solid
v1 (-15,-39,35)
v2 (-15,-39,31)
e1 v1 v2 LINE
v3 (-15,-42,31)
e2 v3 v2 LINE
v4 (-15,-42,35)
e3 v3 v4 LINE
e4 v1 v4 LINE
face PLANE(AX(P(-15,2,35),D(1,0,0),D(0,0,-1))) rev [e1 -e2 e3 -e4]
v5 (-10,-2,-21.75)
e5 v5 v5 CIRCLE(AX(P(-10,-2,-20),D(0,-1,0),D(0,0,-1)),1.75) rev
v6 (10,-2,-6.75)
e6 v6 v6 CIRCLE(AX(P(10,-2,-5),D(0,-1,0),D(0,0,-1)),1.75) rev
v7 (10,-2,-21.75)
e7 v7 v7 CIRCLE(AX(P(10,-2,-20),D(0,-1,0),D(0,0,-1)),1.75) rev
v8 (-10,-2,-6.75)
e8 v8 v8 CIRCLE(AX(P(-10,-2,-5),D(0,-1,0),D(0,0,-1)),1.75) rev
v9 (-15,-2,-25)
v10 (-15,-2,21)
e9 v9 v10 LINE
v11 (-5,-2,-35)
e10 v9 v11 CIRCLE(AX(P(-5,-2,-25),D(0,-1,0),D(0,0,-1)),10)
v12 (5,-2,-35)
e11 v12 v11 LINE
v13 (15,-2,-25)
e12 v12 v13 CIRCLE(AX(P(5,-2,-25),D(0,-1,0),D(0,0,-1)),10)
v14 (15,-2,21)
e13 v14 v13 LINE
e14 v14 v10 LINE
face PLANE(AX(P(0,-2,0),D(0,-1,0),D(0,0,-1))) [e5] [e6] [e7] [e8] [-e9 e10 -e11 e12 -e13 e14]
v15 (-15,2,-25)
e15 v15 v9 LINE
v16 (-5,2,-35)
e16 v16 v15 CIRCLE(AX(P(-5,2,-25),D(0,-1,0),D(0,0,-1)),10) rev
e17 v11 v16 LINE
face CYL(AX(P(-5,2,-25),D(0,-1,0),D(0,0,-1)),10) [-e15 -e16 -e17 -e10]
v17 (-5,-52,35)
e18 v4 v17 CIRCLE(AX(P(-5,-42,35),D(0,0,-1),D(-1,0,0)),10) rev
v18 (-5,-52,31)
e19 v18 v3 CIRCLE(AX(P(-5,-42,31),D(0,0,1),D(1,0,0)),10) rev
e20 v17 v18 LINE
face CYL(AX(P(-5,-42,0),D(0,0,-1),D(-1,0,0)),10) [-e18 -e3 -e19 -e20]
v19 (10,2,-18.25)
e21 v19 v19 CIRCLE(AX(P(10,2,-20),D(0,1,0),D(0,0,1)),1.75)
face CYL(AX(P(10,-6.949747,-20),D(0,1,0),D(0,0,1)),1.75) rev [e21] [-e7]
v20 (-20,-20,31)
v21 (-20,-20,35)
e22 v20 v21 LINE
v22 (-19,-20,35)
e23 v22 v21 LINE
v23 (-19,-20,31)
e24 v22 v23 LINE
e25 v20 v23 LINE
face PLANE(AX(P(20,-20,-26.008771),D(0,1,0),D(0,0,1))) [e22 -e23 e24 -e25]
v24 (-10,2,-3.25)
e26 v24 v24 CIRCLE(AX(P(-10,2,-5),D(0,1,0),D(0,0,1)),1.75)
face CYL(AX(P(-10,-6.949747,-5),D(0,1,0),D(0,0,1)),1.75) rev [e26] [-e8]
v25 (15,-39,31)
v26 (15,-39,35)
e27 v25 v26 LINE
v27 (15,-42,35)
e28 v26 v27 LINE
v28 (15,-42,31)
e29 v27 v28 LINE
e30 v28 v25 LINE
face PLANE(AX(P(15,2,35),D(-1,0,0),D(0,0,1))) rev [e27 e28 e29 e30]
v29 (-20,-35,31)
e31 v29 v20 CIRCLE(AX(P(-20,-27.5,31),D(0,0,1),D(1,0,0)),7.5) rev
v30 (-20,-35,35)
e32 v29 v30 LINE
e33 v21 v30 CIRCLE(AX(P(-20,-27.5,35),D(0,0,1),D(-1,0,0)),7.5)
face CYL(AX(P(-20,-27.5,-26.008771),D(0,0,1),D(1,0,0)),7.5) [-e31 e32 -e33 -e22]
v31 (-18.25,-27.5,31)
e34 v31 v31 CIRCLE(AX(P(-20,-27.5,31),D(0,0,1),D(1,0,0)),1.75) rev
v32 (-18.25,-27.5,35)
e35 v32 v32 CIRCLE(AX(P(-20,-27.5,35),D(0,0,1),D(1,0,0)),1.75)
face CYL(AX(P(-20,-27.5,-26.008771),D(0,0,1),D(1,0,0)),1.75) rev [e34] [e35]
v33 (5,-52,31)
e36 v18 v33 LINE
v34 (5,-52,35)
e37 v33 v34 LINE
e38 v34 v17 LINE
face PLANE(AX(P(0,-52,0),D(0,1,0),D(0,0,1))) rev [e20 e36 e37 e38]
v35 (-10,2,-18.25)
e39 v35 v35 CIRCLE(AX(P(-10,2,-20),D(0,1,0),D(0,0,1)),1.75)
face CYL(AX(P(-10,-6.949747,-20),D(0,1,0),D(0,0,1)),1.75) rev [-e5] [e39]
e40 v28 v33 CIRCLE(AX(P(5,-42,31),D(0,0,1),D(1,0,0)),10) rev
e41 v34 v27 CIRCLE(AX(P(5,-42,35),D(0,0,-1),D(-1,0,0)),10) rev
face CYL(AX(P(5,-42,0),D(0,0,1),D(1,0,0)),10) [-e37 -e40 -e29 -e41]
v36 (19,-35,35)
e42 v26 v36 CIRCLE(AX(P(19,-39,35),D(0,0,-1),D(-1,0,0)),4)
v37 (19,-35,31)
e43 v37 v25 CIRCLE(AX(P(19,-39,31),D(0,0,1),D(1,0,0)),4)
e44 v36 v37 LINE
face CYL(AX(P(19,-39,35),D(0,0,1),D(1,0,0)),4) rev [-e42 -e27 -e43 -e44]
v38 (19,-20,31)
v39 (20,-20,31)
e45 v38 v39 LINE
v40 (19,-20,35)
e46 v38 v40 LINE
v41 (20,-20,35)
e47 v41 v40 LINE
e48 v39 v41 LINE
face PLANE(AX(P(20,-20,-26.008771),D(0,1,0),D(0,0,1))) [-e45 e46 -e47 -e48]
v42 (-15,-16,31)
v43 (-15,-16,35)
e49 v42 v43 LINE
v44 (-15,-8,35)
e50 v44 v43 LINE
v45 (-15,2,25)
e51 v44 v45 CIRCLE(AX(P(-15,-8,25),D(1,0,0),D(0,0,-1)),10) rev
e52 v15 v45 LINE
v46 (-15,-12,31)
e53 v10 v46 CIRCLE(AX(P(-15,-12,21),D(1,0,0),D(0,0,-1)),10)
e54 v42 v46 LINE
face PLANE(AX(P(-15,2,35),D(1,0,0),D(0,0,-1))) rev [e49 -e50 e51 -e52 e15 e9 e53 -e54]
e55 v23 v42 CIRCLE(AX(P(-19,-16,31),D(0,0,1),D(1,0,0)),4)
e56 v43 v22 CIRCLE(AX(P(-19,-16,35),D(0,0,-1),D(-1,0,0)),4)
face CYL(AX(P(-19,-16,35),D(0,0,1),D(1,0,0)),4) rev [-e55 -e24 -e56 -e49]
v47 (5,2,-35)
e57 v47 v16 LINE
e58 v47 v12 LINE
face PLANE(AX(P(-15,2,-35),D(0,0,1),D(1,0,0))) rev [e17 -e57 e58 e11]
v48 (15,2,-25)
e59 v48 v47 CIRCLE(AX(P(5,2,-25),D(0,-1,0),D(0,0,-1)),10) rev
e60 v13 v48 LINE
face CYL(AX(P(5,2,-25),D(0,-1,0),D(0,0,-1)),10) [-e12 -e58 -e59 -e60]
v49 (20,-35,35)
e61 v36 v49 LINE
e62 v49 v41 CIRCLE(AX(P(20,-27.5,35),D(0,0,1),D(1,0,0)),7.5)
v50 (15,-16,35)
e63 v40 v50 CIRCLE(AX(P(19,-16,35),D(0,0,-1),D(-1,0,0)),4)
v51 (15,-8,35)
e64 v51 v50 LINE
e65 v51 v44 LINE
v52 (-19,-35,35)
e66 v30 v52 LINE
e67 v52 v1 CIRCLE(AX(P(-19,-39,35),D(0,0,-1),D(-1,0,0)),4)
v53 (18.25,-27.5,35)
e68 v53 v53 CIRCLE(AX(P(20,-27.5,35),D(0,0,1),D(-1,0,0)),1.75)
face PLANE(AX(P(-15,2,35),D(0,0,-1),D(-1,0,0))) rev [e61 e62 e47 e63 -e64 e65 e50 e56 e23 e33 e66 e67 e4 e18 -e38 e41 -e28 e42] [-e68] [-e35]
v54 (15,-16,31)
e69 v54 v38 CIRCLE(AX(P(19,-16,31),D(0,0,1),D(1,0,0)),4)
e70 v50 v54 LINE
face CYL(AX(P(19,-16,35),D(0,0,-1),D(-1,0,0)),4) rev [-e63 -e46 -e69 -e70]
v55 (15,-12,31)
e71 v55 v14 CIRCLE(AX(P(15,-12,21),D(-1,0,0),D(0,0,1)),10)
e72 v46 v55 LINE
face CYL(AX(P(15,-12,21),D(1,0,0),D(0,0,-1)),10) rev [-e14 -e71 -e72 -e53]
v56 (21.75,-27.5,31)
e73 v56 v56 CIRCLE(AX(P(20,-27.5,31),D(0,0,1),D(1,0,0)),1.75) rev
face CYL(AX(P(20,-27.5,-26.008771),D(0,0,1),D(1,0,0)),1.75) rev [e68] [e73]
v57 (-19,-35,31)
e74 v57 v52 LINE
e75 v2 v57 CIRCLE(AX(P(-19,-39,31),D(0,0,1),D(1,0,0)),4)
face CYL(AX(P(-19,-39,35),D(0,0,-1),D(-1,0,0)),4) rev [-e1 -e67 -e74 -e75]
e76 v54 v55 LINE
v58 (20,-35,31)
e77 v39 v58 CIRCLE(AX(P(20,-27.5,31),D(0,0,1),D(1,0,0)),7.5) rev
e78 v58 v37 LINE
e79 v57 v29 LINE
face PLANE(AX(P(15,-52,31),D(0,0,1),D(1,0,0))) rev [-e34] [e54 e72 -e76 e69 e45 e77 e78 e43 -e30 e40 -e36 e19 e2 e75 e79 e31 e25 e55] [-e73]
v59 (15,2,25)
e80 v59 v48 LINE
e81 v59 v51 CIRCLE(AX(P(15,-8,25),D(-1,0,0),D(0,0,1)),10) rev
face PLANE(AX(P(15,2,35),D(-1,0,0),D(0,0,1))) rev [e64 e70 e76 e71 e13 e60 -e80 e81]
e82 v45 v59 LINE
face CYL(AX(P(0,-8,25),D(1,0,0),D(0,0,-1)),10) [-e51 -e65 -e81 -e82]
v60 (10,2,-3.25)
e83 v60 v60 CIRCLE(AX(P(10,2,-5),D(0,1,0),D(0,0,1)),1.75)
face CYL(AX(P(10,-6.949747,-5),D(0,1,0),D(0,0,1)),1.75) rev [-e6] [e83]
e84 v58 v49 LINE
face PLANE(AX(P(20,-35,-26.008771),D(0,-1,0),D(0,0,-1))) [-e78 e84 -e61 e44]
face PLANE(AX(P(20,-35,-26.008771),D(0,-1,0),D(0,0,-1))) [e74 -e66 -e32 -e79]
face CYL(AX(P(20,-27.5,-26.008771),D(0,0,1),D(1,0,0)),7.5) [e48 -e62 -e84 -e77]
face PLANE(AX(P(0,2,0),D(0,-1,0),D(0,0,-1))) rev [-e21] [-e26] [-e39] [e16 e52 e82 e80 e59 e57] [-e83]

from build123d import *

# Parameters (mm, degrees)
SKETCH1_W            = 30
SKETCH1_H            = 70
BOSS_EXTRUDE1_DEPTH  = 2
SKETCH2_W            = 30
SKETCH2_H            = 4
BOSS_EXTRUDE2_DEPTH  = 50
SKETCH3_R            = 1.75
BOSS_EXTRUDE3_DEPTH  = 4
SKETCH4_R            = 1.75
CUT_EXTRUDE1_DEPTH   = 4
LPATTERN1_COUNT      = 2
LPATTERN1_PITCH      = 15
LPATTERN1_COUNT_DIR2 = 2
LPATTERN1_PITCH_DIR2 = 20
FILLET1_R            = 10
FILLET2_R            = 4


with BuildPart() as part:
    # Sketch1 → Boss-Extrude1 (new body, symmetric)
    with BuildSketch(Plane(origin=(0, 0, 0), x_dir=(1, 0, 0), z_dir=(0, 1, 0))):
        Rectangle(SKETCH1_W, SKETCH1_H)
    extrude(amount=BOSS_EXTRUDE1_DEPTH, both=True)

    # Sketch2 → Boss-Extrude2 (add)
    with BuildSketch(Plane.XZ.offset(2)):
        with Locations((0, 33)):
            Rectangle(SKETCH2_W, SKETCH2_H)
    extrude(amount=BOSS_EXTRUDE2_DEPTH)

    # Sketch3 → Boss-Extrude3 (add)
    with BuildSketch(Plane.XY.offset(35)):
        with BuildLine():
            Line((20, -20), (-20, -20))
            ThreePointArc((-20, -20), (-27.5, -27.5), (-20, -35))
            Line((-20, -35), (20, -35))
            ThreePointArc((20, -35), (27.5, -27.5), (20, -20))
        make_face()
        with Locations((-20, -27.5)):
            Circle(SKETCH3_R, mode=Mode.SUBTRACT)
        with Locations((20, -27.5)):
            Circle(SKETCH3_R, mode=Mode.SUBTRACT)
    extrude(amount=-BOSS_EXTRUDE3_DEPTH)

    # Sketch4 → Cut-Extrude1 (cut)
    with BuildSketch(Plane(origin=(0, 2, 0), x_dir=(1, 0, 0), z_dir=(0, 1, 0))):
        with Locations((-10, 20)):
            Circle(SKETCH4_R)
    cut_extrude1 = extrude(amount=-CUT_EXTRUDE1_DEPTH, mode=Mode.SUBTRACT)

    # LPattern1: Cut-Extrude1 2 × 2
    with Locations(*[(j * LPATTERN1_PITCH_DIR2, 0, i * LPATTERN1_PITCH) for i in range(LPATTERN1_COUNT) for j in range(LPATTERN1_COUNT_DIR2) if (i, j) != (0, 0)]):
        add(cut_extrude1, mode=Mode.SUBTRACT)

    # Fillet1
    fillet1_edges = [part.edges().sort_by_distance(p)[0] for p in [
        (0, -2, 31),
        (15, -52, 33),
        (0, 2, 35),
        (-15, -52, 33),
        (-15, 0, -35),
        (15, 0, -35),
    ]]
    fillet(fillet1_edges, radius=FILLET1_R)

    # Fillet2
    fillet2_edges = [part.edges().sort_by_distance(p)[0] for p in [
        (15, -35, 33),
        (-15, -35, 33),
        (15, -20, 33),
        (-15, -20, 33),
    ]]
    fillet(fillet2_edges, radius=FILLET2_R)


solid = part.part
